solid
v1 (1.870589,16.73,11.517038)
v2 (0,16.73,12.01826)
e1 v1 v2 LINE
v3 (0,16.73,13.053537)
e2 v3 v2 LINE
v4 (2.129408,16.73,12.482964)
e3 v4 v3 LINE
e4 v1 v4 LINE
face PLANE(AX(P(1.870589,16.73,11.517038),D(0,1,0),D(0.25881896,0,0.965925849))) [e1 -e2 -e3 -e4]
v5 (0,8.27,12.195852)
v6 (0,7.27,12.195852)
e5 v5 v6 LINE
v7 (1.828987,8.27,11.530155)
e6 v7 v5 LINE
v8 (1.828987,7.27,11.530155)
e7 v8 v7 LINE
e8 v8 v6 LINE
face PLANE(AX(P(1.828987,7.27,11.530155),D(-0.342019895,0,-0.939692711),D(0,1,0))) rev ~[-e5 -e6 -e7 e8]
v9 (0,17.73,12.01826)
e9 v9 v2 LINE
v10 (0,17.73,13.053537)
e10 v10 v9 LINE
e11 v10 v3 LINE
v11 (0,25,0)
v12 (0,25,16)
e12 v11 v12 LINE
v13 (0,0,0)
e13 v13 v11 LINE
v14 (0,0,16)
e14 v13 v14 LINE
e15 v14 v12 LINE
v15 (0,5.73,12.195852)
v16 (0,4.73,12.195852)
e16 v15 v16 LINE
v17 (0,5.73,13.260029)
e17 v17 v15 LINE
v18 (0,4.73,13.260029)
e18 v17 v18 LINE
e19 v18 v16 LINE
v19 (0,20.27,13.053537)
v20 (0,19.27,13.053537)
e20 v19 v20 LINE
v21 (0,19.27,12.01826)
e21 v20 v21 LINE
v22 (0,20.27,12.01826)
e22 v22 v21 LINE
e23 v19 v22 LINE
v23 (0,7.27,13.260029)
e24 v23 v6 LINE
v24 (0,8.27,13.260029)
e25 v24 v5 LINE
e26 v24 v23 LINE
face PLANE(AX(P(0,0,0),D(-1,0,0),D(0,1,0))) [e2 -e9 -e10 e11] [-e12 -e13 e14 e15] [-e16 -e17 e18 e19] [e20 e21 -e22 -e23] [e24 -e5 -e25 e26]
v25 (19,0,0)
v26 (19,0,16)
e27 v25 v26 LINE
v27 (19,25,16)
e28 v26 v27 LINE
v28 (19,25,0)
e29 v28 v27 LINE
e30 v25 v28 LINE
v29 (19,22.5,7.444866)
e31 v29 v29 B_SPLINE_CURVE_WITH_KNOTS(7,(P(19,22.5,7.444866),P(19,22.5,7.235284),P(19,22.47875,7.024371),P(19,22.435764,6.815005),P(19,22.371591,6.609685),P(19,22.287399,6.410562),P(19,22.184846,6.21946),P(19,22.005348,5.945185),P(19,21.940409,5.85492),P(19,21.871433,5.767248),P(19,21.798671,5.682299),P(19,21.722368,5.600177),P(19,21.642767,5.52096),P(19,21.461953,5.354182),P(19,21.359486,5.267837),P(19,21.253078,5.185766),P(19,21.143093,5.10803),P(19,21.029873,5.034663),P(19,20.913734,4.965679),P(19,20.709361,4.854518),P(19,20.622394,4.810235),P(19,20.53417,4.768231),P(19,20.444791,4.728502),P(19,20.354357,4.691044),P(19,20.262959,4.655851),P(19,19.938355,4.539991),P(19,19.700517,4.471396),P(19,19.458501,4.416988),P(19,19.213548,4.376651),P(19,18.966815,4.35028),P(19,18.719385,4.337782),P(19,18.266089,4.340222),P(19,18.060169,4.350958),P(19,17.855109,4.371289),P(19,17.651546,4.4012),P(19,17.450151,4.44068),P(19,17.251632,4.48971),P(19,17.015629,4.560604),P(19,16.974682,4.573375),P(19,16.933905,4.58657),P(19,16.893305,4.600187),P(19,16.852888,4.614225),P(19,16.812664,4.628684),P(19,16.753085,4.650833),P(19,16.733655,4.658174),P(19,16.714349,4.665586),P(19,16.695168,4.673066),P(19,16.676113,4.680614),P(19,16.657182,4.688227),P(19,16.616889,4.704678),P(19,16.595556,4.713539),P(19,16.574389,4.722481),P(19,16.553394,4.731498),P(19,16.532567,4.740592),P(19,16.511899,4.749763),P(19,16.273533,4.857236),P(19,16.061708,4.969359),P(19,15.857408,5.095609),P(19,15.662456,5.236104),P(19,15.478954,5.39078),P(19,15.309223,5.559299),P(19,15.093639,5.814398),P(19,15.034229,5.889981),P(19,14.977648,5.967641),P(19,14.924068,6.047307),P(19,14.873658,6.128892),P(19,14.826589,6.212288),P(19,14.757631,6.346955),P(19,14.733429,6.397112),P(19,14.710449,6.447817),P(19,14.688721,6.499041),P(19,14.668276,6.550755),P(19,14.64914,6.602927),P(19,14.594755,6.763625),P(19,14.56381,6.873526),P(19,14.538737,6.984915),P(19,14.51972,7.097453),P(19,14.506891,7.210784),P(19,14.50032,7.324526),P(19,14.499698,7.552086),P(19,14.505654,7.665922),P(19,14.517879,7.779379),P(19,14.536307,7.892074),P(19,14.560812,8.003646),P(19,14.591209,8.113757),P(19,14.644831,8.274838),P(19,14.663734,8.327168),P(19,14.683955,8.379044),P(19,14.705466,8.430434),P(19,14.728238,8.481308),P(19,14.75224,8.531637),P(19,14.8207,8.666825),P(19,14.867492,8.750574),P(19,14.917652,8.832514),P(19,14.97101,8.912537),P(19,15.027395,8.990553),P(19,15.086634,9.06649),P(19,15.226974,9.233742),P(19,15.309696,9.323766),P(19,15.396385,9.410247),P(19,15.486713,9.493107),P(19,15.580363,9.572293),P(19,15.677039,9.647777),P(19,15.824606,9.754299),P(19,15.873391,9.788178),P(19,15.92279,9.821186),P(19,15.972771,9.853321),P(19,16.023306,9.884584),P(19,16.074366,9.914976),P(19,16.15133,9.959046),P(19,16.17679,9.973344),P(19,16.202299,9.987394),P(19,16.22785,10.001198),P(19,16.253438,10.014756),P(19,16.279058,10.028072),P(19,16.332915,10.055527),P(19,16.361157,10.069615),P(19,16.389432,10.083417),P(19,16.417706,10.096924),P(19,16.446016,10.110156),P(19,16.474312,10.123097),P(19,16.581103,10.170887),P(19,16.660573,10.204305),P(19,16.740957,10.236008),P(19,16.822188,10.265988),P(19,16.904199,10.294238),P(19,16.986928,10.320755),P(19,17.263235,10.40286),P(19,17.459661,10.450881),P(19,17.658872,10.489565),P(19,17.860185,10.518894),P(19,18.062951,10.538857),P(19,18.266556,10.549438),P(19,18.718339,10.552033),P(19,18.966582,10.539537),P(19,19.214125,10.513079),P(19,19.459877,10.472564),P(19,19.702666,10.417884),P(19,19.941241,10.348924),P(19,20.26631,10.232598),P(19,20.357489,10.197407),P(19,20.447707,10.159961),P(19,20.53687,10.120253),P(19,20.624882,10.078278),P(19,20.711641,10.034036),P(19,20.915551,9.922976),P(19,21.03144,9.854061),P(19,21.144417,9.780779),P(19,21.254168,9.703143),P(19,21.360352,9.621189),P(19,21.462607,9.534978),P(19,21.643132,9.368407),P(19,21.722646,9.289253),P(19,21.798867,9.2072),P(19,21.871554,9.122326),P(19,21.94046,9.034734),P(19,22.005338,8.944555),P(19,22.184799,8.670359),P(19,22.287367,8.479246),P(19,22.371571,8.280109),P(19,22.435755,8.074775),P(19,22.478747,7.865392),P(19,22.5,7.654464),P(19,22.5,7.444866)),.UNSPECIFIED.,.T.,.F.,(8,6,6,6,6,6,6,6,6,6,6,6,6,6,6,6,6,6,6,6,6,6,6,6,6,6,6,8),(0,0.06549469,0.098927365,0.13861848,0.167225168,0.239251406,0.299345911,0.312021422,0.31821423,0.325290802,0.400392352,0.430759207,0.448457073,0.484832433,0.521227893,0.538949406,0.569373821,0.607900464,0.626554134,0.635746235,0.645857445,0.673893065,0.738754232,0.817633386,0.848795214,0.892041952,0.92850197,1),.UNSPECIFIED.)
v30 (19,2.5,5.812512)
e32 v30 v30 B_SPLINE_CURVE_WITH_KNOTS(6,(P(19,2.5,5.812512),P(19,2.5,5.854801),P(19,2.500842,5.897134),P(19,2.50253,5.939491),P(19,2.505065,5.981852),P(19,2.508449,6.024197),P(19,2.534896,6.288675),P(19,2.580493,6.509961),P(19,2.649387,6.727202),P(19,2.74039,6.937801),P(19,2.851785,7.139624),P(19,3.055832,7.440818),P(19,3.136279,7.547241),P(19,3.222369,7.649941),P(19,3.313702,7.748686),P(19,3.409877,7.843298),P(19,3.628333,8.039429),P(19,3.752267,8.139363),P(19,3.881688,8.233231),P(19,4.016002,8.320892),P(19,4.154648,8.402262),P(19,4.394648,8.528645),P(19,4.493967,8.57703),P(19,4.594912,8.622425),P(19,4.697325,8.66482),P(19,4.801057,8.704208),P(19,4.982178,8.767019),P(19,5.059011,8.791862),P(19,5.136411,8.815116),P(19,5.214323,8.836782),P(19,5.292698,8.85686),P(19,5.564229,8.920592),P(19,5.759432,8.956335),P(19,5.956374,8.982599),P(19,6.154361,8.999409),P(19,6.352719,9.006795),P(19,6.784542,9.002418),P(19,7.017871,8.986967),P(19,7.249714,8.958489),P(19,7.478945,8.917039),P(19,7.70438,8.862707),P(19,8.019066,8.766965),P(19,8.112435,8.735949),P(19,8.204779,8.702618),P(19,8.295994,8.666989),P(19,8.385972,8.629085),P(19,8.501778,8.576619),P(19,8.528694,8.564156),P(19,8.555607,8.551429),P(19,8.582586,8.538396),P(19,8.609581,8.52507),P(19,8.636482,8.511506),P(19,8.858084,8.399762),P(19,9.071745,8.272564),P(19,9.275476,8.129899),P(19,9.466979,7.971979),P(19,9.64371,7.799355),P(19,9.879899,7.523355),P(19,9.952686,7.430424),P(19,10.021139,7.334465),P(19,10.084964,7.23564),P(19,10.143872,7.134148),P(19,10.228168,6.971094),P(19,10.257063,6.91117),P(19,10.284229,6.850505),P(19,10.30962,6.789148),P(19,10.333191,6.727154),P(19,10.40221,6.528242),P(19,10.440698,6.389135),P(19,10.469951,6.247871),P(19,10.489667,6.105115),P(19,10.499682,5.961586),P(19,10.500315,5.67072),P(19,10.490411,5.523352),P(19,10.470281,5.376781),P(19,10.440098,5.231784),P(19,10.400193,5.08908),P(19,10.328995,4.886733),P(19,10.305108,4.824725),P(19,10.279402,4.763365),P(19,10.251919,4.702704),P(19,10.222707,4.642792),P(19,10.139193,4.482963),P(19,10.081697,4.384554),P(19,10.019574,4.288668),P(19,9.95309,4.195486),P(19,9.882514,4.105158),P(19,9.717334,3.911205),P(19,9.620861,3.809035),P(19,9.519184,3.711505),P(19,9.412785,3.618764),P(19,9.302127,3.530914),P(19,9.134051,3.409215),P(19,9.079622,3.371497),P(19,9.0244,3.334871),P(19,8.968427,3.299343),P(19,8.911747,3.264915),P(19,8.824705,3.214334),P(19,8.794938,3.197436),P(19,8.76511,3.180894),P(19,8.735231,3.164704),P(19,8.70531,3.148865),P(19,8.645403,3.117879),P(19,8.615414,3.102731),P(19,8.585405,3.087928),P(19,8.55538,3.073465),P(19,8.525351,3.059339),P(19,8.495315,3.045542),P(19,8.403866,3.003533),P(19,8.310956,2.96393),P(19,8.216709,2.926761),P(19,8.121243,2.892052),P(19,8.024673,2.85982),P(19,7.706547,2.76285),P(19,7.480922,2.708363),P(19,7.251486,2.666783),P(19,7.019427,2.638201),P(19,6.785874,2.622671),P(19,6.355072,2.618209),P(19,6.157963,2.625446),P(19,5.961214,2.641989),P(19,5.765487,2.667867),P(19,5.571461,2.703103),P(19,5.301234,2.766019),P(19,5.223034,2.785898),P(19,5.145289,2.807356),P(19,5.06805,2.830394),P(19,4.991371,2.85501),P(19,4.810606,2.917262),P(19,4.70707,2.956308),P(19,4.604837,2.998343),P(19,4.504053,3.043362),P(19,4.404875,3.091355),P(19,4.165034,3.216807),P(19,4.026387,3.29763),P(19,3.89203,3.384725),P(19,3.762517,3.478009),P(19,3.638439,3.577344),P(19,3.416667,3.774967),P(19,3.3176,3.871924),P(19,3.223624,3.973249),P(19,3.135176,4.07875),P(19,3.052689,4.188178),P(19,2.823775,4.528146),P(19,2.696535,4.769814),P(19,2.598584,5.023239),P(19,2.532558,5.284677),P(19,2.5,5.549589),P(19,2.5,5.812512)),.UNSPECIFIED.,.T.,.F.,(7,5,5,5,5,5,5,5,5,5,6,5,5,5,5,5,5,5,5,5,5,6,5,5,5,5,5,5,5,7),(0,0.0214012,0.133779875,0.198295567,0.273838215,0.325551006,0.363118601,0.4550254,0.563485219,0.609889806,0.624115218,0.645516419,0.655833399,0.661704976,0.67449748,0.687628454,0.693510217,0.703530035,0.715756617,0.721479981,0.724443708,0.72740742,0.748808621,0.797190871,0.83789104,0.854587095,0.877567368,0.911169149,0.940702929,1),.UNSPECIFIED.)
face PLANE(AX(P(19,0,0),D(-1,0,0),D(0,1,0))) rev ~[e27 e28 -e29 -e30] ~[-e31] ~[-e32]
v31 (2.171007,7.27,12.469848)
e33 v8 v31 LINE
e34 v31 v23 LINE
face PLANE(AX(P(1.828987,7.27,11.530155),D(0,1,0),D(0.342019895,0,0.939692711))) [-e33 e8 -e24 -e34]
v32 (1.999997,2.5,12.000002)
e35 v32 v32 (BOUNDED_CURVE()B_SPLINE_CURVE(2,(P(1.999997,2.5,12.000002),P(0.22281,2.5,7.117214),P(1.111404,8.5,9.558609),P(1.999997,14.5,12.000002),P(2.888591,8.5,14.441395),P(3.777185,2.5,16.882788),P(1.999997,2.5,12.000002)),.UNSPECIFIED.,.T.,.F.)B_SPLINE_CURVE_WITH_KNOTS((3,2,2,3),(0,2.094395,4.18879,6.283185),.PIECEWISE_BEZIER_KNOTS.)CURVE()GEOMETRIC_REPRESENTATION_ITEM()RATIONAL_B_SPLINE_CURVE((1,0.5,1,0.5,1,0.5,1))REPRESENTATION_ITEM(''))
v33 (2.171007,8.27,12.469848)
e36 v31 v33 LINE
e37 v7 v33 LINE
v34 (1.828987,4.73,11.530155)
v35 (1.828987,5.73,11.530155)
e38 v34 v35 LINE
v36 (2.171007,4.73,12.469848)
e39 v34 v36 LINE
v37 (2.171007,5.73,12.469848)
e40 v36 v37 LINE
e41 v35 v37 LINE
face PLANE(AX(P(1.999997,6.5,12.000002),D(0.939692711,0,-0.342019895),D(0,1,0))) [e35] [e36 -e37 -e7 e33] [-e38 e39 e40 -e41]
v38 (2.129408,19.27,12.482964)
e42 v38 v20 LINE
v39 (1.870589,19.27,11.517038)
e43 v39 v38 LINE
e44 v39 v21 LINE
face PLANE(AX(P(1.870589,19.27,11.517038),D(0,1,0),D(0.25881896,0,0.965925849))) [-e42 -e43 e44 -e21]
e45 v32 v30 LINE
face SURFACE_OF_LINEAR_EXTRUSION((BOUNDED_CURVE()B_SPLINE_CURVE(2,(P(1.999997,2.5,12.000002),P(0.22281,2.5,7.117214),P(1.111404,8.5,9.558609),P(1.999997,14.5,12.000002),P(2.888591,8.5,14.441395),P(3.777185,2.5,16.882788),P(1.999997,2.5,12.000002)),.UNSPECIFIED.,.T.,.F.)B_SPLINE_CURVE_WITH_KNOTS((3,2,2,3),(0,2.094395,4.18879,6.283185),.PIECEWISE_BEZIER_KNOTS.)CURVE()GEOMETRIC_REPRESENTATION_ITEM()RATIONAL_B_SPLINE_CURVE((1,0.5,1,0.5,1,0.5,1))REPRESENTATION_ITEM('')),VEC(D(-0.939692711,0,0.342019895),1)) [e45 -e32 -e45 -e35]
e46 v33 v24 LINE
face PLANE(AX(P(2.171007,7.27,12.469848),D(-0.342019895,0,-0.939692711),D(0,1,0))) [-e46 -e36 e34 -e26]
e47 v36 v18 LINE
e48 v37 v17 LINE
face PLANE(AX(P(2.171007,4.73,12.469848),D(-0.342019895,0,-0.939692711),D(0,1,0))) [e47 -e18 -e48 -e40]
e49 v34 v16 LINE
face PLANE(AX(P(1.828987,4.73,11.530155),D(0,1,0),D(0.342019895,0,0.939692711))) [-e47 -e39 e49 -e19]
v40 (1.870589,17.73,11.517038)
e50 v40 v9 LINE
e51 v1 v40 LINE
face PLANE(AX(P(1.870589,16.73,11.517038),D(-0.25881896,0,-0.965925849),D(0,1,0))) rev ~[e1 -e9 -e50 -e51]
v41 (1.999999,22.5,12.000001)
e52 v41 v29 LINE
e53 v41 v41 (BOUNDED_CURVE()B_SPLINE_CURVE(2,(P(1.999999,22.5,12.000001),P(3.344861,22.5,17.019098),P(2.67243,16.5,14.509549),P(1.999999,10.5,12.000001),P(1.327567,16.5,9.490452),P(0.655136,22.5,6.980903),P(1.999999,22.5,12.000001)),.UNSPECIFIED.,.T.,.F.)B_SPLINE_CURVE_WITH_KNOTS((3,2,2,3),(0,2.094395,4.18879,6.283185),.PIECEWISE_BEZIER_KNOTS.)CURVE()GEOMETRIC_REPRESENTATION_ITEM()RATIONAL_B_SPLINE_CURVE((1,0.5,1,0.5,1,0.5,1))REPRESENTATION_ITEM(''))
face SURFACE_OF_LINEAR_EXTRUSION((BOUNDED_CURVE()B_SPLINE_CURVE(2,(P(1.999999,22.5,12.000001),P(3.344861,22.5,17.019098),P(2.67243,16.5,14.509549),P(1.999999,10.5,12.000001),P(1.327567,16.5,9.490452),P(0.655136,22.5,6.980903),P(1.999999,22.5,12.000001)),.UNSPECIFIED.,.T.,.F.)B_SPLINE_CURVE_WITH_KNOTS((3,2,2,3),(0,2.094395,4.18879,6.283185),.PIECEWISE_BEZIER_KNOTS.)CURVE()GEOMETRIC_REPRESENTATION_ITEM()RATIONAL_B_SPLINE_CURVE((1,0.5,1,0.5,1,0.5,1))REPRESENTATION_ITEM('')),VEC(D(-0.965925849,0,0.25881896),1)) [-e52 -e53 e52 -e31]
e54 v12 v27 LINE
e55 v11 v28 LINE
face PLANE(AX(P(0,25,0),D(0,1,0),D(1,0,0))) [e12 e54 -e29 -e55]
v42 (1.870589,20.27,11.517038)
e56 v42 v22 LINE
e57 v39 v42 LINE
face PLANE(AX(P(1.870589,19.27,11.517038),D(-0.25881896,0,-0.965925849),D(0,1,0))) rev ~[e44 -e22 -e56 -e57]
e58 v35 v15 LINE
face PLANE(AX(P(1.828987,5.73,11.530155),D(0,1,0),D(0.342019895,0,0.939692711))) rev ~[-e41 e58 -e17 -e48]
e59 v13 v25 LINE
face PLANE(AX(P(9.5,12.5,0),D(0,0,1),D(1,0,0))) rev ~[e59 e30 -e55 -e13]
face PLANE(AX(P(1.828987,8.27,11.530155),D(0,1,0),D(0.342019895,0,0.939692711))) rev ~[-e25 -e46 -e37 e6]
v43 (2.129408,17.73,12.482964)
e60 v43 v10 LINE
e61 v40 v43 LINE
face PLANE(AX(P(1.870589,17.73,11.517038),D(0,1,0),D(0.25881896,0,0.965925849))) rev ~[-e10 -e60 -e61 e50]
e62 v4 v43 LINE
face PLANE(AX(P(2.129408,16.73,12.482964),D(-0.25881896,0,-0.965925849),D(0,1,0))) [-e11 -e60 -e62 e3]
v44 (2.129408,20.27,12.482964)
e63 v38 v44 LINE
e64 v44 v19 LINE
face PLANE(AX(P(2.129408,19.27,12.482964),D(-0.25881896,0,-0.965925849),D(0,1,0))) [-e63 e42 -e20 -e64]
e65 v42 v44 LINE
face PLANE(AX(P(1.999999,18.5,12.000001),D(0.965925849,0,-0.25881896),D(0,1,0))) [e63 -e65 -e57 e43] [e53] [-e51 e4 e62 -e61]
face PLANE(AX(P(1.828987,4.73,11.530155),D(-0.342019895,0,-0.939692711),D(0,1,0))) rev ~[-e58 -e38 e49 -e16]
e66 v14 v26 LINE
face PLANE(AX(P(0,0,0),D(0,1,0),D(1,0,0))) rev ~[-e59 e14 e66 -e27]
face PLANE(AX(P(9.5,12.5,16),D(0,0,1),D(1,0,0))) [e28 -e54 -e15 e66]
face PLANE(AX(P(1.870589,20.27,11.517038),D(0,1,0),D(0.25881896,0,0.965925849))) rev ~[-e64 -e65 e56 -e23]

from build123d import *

# Parameters (mm, degrees)
F0_W      = 19
F0_H      = 25
F1_DEPTH  = 16
F8_DEPTH  = 19.527568
F9_DEPTH  = 20.080016
F10_W     = 1
F10_H     = 1
F12_DEPTH = 3.248466
F11_W     = 1
F11_H     = 1
F13_DEPTH = 2.968128


with BuildPart() as f1:
    # F0 (on Top) → F1 (new body)
    with BuildSketch(Plane.XY):
        with Locations((9.5, 12.5)):
            Rectangle(F0_W, F0_H)
    extrude(amount=F1_DEPTH)

    # F6 (on face) → F8 (cut, through all)
    with BuildSketch(Plane(origin=(-1.133975, 0, 0.303848), x_dir=(0, 1, 0), z_dir=(0.965926, 0, -0.258819))):
        with BuildLine():
            add(Edge.make_bspline(
                [(22.5, 12.108748), (22.5, 17.3049), (16.5, 14.706824), (10.5, 12.108748), (16.5, 9.510672), (22.5, 6.912596), (22.5, 12.108748)],
                knots=[0, 0, 0, 2.094395, 2.094395, 4.18879, 4.18879, 6.283185, 6.283185, 6.283185], degree=2, weights=[1, 0.5, 1, 0.5, 1, 0.5, 1]))
        make_face()
    extrude(amount=F8_DEPTH, mode=Mode.SUBTRACT)

    # F7 (on face) → F9 (cut, through all)
    with BuildSketch(Plane(origin=(-2.090681, 0, 0.760946), x_dir=(0, 1, 0), z_dir=(0.939693, 0, -0.34202))):
        with BuildLine():
            add(Edge.make_bspline(
                [(2.5, 11.960352), (2.5, 6.764199), (8.5, 9.362276), (14.5, 11.960352), (8.5, 14.558428), (2.5, 17.156504), (2.5, 11.960352)],
                knots=[0, 0, 0, 2.094395, 2.094395, 4.18879, 4.18879, 6.283185, 6.283185, 6.283185], degree=2, weights=[1, 0.5, 1, 0.5, 1, 0.5, 1]))
        make_face()
    extrude(amount=F9_DEPTH, mode=Mode.SUBTRACT)

    # F10 (on face) → F12 (cut, through all)
    with BuildSketch(Plane(origin=(-2.090681, 0, 0.760946), x_dir=(0, 1, 0), z_dir=(0.939693, 0, -0.34202))):
        with Locations((7.77, 11.960352)):
            Rectangle(F10_W, F10_H)
        with Locations((5.23, 11.960352)):
            Rectangle(F10_W, F10_H)
    extrude(amount=-F12_DEPTH, mode=Mode.SUBTRACT)

    # F11 (on face) → F13 (cut, through all)
    with BuildSketch(Plane(origin=(-1.133975, 0, 0.303848), x_dir=(0, 1, 0), z_dir=(0.965926, 0, -0.258819))):
        with Locations((17.23, 12.108748)):
            Rectangle(F11_W, F11_H)
        with Locations((19.77, 12.108748)):
            Rectangle(F11_W, F11_H)
    extrude(amount=-F13_DEPTH, mode=Mode.SUBTRACT)


solid = f1.part
